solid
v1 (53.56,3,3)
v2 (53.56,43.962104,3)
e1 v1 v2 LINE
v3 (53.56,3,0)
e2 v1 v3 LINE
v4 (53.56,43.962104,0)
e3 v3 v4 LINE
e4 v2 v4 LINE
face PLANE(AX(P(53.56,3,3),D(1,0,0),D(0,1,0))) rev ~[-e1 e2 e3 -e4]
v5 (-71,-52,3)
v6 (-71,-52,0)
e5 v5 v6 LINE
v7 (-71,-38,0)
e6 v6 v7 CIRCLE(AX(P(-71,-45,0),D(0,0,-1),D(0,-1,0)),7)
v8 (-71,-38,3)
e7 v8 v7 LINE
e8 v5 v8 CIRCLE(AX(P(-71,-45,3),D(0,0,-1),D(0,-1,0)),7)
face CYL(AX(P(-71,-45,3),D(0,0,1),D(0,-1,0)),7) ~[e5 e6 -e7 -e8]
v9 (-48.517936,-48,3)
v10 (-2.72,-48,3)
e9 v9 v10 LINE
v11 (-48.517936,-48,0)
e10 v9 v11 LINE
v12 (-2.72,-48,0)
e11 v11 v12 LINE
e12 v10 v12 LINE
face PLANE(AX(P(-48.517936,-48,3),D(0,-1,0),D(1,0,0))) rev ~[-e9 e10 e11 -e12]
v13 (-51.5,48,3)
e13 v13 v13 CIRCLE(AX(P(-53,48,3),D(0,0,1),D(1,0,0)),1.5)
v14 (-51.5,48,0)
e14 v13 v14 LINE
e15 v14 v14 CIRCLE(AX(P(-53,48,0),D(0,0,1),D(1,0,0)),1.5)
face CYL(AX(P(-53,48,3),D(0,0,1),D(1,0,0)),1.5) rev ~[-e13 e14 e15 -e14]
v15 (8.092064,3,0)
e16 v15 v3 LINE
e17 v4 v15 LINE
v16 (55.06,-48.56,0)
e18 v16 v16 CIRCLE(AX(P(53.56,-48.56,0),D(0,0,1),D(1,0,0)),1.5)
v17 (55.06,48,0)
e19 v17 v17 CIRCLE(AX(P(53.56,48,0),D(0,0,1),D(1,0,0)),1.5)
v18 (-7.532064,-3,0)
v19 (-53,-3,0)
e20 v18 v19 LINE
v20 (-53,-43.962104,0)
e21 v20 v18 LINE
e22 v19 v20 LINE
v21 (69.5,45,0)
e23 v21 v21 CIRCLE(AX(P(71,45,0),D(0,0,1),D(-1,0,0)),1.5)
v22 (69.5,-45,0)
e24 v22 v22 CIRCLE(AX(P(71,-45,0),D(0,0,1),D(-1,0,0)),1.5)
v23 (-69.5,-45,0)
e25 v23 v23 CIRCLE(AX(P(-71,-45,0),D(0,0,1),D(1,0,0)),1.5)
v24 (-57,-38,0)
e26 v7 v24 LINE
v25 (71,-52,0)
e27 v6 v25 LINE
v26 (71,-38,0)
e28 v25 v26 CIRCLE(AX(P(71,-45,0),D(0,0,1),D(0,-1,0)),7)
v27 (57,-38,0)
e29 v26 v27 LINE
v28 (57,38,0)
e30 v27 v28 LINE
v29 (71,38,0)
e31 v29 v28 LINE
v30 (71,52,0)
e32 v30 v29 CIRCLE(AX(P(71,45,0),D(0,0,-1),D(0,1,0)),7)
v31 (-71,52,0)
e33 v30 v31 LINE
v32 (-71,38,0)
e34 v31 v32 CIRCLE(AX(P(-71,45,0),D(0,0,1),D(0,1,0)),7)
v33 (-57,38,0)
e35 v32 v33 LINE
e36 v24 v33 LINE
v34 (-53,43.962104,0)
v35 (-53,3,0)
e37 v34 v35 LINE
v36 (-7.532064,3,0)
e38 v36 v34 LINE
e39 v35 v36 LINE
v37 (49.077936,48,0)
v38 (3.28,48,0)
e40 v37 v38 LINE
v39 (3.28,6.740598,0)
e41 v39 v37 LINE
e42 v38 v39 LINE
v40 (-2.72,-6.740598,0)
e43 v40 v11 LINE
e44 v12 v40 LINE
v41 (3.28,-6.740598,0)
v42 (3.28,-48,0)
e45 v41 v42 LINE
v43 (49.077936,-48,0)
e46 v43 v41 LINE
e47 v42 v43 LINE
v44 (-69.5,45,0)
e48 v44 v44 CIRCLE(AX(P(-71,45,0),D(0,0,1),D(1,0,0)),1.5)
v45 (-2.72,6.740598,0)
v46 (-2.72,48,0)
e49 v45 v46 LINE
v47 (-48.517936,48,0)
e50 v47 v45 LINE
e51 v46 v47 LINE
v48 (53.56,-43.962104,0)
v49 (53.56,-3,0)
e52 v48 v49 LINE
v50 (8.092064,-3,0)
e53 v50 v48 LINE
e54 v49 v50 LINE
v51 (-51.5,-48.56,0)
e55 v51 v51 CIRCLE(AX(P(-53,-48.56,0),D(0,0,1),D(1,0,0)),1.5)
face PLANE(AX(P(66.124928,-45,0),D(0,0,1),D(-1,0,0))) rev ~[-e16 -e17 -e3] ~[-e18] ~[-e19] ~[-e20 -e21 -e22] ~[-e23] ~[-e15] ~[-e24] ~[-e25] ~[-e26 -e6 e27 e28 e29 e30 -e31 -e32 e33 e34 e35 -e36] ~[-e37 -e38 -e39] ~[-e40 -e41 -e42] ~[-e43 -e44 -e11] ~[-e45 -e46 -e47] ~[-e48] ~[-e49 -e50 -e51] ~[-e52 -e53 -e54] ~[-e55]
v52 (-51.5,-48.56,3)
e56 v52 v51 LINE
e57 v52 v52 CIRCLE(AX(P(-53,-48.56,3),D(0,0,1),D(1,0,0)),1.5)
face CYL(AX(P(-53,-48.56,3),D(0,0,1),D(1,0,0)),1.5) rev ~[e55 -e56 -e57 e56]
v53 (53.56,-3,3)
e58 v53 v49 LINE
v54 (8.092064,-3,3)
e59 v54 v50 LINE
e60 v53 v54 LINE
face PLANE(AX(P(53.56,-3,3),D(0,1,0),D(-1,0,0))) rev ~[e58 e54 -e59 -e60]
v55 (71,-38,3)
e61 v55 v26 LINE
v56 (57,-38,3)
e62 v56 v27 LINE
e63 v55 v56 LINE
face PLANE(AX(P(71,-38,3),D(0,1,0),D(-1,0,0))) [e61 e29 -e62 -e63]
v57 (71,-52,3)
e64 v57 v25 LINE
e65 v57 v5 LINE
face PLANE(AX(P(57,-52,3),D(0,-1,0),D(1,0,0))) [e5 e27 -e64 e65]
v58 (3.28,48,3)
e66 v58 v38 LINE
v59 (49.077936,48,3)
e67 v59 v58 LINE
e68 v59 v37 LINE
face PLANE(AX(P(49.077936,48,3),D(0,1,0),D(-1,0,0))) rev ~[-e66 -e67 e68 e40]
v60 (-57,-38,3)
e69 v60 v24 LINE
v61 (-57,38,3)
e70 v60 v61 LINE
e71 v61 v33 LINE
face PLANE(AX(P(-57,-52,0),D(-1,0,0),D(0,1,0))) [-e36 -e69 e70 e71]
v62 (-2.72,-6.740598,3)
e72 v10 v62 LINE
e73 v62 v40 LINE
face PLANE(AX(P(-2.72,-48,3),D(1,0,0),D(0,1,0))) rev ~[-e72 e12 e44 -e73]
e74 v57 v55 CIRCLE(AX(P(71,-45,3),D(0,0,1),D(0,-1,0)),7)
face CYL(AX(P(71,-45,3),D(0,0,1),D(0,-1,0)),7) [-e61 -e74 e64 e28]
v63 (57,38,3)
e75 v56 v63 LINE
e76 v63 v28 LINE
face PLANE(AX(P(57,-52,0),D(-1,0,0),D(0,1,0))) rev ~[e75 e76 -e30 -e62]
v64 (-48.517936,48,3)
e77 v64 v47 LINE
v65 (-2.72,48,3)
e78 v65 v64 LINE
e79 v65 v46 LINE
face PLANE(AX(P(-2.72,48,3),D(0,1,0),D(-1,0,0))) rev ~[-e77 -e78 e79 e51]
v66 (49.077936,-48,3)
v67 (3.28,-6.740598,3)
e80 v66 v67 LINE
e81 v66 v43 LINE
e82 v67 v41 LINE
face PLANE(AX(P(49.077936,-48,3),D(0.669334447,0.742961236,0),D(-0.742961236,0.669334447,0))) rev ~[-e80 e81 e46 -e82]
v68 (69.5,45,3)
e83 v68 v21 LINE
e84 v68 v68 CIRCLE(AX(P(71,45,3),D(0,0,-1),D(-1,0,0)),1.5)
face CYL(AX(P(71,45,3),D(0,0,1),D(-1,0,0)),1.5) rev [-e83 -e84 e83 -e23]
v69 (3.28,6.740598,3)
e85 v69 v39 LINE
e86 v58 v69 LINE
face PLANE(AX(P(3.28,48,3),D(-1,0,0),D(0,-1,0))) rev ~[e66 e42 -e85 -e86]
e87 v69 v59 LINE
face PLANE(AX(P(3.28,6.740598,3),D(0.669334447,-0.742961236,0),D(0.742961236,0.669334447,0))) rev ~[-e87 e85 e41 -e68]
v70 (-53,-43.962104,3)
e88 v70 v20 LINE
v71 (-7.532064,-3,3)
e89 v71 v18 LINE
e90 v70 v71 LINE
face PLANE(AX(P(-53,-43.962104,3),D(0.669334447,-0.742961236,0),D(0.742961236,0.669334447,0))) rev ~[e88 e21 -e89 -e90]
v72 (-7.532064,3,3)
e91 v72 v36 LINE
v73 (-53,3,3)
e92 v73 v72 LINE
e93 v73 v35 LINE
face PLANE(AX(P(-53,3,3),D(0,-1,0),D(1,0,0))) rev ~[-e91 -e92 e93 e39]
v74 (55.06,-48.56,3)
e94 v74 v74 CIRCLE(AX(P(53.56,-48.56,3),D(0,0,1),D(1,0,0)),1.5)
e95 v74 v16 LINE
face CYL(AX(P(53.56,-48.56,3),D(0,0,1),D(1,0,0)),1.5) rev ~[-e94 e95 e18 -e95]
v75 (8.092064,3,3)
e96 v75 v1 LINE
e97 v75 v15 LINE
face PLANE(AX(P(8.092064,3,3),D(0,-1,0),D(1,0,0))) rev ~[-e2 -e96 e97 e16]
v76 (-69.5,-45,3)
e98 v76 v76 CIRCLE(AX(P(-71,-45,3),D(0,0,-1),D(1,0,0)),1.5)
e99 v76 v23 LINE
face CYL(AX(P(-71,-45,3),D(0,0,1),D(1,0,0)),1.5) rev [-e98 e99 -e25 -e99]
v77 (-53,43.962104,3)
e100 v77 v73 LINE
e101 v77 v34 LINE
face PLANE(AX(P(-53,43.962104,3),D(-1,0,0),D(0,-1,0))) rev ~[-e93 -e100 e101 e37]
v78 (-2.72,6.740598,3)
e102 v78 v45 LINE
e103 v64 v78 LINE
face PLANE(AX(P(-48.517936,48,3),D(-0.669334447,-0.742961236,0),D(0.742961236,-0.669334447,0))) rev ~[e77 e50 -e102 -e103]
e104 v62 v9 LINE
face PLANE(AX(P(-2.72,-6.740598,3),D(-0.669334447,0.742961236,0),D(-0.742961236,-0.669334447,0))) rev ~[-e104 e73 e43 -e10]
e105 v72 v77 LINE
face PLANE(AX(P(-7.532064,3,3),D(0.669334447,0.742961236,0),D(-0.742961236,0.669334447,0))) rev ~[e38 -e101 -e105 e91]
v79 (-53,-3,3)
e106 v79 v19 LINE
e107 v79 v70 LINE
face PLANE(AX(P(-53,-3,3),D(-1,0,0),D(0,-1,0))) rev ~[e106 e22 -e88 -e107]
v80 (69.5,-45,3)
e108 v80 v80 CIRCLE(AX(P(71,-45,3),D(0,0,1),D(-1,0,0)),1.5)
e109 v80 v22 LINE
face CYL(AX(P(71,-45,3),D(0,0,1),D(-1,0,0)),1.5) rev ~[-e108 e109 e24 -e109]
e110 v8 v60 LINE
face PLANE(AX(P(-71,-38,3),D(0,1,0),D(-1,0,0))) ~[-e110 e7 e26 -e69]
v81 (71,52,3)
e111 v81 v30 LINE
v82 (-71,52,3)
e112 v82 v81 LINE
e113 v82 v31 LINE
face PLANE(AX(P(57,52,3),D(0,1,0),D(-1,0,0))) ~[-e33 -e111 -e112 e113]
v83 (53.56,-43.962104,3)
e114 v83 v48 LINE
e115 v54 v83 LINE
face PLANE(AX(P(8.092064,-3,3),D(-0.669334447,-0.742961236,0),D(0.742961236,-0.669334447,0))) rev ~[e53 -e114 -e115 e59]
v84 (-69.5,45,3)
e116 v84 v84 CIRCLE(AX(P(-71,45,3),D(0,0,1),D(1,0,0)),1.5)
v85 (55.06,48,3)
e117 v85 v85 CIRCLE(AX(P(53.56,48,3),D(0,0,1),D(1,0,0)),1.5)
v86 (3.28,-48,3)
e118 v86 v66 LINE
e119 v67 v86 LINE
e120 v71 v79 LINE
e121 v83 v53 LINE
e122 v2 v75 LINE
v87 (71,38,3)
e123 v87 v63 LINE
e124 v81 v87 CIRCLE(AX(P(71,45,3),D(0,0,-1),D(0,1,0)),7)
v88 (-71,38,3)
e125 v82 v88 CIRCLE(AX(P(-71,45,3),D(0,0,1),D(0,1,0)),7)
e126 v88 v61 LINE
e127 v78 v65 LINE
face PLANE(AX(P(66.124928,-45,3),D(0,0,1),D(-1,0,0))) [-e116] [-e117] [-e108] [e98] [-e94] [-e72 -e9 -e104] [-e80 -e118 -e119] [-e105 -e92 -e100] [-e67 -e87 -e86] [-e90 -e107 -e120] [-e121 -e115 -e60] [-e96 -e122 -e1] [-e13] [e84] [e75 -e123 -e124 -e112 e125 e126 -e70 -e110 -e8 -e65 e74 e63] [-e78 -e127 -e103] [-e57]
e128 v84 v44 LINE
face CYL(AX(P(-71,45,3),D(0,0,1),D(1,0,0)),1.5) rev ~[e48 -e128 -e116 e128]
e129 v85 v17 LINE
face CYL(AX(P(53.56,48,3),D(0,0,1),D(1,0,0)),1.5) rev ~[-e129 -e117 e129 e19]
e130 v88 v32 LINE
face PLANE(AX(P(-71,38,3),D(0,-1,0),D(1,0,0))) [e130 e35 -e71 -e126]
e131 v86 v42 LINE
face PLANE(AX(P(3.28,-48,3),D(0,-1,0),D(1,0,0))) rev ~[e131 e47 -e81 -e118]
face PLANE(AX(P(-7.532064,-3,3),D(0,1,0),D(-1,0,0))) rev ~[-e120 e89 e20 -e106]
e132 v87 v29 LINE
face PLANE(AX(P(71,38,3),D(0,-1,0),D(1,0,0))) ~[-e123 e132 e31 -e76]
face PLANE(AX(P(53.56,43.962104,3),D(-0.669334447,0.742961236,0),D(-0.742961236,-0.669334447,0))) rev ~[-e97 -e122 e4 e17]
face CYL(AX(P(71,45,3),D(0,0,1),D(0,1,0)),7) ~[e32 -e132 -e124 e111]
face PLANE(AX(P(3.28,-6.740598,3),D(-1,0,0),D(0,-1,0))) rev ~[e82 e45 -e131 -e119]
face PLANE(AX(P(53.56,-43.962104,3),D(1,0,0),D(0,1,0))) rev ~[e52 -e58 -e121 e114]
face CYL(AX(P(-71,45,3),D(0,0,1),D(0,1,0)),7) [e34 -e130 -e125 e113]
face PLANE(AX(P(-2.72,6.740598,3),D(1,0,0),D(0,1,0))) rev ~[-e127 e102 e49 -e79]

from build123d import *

# Parameters (mm, degrees)
SKETCH3_W                                  = 114
SKETCH3_H                                  = 104
BOSS_EXTRUDE1_DEPTH                        = 3
SKETCH4_R                                  = 1.5
CUT_EXTRUDE1_DEPTH                         = 78.21398837
LPATTERN1_COUNT                            = 2
LPATTERN1_PITCH                            = 106.56
LPATTERN1_COUNT_DIR2                       = 2
LPATTERN1_PITCH_DIR2                       = 96.56
BOSS_EXTRUDE2_DEPTH                        = 3
SKETCH6_R                                  = 1.5
CUT_EXTRUDE2_DEPTH                         = 94.79232378
MIRROR1_AT_THE_SECOND_PLANE_COPY_1_DEPTH   = 3
MIRROR1_AT_THE_SECOND_PLANE_COPY_2_SKETC_R = 1.5
MIRROR1_AT_THE_SECOND_PLANE_COPY_2_DEPTH   = 94.79232378
CUT_EXTRUDE3_DEPTH                         = 94.79232378


with BuildPart() as part:
    # Sketch3 → Boss-Extrude1 (new body)
    with BuildSketch(Plane.XY):
        Rectangle(SKETCH3_W, SKETCH3_H)
    extrude(amount=BOSS_EXTRUDE1_DEPTH)

    # Sketch4 → Cut-Extrude1 (cut, through all)
    with BuildSketch(Plane.XY.offset(3)):
        with Locations((-53, 48)):
            Circle(SKETCH4_R)
    cut_extrude1 = extrude(amount=-CUT_EXTRUDE1_DEPTH, mode=Mode.SUBTRACT)

    # LPattern1: Cut-Extrude1 2 × 2
    with Locations(*[(i * LPATTERN1_PITCH, -j * LPATTERN1_PITCH_DIR2, 0) for i in range(LPATTERN1_COUNT) for j in range(LPATTERN1_COUNT_DIR2) if (i, j) != (0, 0)]):
        add(cut_extrude1, mode=Mode.SUBTRACT)

    # Sketch5 → Boss-Extrude2 (add)
    with BuildSketch(Plane.XY.offset(3)):
        with BuildLine():
            Line((-57, 52), (-71, 52))
            ThreePointArc((-71, 52), (-78, 45), (-71, 38))
            Line((-71, 38), (-57, 38))
            Line((-57, 38), (-57, 52))
        make_face()
    boss_extrude2 = extrude(amount=-BOSS_EXTRUDE2_DEPTH)

    # Sketch6 → Cut-Extrude2 (cut, through all)
    with BuildSketch(Plane.XY.offset(3)):
        with Locations((-71, 45)):
            Circle(SKETCH6_R)
    cut_extrude2 = extrude(amount=-CUT_EXTRUDE2_DEPTH, mode=Mode.SUBTRACT)

    # Mirror1: Boss-Extrude2, Cut-Extrude2 across plane
    add(boss_extrude2.mirror(Plane.ZX))
    add(cut_extrude2.mirror(Plane.ZX), mode=Mode.SUBTRACT)

    # Mirror1 at the second plane: Boss-Extrude2, Cut-Extrude2 across plane
    add(boss_extrude2.mirror(Plane(origin=(0, 0, 0), x_dir=(0, 0, 1), z_dir=(1, 0, 0))))
    add(cut_extrude2.mirror(Plane(origin=(0, 0, 0), x_dir=(0, 0, 1), z_dir=(1, 0, 0))), mode=Mode.SUBTRACT)

    # Mirror1 at the second plane copy 1 sketc → Mirror1 at the second plane copy 1 (add)
    with BuildSketch(Plane(origin=(0, 0, 3), x_dir=(-1, 0, 0), z_dir=(0, 0, 1))):
        with BuildLine():
            Line((-57, 52), (-71, 52))
            ThreePointArc((-71, 52), (-78, 45), (-71, 38))
            Line((-71, 38), (-57, 38))
            Line((-57, 38), (-57, 52))
        make_face()
    extrude(amount=-MIRROR1_AT_THE_SECOND_PLANE_COPY_1_DEPTH)

    # Mirror1 at the second plane copy 2 sketc → Mirror1 at the second plane copy 2 (cut, through all)
    with BuildSketch(Plane(origin=(0, 0, 3), x_dir=(-1, 0, 0), z_dir=(0, 0, 1))):
        with Locations((-71, 45)):
            Circle(MIRROR1_AT_THE_SECOND_PLANE_COPY_2_SKETC_R)
    extrude(amount=-MIRROR1_AT_THE_SECOND_PLANE_COPY_2_DEPTH, mode=Mode.SUBTRACT)

    # Sketch7 → Cut-Extrude3 (cut, through all)
    with BuildSketch(Plane.XY.offset(3)):
        Polygon((-2.72, -48), (-2.72, -6.740598429), (-48.517935743, -48), align=None)
        Polygon((49.077935743, -48), (3.28, -6.740598429), (3.28, -48), align=None)
        Polygon((53.56, -3), (8.092064257, -3), (53.56, -43.962104273), align=None)
        Polygon((53.56, 43.962104273), (8.092064257, 3), (53.56, 3), align=None)
        Polygon((3.28, 48), (3.28, 6.740598429), (49.077935743, 48), align=None)
        Polygon((-48.517935743, 48), (-2.72, 6.740598429), (-2.72, 48), align=None)
        Polygon((-53, 43.962104273), (-53, 3), (-7.532064257, 3), align=None)
        Polygon((-7.532064257, -3), (-53, -3), (-53, -43.962104273), align=None)
    extrude(amount=-CUT_EXTRUDE3_DEPTH, mode=Mode.SUBTRACT)


solid = part.part
